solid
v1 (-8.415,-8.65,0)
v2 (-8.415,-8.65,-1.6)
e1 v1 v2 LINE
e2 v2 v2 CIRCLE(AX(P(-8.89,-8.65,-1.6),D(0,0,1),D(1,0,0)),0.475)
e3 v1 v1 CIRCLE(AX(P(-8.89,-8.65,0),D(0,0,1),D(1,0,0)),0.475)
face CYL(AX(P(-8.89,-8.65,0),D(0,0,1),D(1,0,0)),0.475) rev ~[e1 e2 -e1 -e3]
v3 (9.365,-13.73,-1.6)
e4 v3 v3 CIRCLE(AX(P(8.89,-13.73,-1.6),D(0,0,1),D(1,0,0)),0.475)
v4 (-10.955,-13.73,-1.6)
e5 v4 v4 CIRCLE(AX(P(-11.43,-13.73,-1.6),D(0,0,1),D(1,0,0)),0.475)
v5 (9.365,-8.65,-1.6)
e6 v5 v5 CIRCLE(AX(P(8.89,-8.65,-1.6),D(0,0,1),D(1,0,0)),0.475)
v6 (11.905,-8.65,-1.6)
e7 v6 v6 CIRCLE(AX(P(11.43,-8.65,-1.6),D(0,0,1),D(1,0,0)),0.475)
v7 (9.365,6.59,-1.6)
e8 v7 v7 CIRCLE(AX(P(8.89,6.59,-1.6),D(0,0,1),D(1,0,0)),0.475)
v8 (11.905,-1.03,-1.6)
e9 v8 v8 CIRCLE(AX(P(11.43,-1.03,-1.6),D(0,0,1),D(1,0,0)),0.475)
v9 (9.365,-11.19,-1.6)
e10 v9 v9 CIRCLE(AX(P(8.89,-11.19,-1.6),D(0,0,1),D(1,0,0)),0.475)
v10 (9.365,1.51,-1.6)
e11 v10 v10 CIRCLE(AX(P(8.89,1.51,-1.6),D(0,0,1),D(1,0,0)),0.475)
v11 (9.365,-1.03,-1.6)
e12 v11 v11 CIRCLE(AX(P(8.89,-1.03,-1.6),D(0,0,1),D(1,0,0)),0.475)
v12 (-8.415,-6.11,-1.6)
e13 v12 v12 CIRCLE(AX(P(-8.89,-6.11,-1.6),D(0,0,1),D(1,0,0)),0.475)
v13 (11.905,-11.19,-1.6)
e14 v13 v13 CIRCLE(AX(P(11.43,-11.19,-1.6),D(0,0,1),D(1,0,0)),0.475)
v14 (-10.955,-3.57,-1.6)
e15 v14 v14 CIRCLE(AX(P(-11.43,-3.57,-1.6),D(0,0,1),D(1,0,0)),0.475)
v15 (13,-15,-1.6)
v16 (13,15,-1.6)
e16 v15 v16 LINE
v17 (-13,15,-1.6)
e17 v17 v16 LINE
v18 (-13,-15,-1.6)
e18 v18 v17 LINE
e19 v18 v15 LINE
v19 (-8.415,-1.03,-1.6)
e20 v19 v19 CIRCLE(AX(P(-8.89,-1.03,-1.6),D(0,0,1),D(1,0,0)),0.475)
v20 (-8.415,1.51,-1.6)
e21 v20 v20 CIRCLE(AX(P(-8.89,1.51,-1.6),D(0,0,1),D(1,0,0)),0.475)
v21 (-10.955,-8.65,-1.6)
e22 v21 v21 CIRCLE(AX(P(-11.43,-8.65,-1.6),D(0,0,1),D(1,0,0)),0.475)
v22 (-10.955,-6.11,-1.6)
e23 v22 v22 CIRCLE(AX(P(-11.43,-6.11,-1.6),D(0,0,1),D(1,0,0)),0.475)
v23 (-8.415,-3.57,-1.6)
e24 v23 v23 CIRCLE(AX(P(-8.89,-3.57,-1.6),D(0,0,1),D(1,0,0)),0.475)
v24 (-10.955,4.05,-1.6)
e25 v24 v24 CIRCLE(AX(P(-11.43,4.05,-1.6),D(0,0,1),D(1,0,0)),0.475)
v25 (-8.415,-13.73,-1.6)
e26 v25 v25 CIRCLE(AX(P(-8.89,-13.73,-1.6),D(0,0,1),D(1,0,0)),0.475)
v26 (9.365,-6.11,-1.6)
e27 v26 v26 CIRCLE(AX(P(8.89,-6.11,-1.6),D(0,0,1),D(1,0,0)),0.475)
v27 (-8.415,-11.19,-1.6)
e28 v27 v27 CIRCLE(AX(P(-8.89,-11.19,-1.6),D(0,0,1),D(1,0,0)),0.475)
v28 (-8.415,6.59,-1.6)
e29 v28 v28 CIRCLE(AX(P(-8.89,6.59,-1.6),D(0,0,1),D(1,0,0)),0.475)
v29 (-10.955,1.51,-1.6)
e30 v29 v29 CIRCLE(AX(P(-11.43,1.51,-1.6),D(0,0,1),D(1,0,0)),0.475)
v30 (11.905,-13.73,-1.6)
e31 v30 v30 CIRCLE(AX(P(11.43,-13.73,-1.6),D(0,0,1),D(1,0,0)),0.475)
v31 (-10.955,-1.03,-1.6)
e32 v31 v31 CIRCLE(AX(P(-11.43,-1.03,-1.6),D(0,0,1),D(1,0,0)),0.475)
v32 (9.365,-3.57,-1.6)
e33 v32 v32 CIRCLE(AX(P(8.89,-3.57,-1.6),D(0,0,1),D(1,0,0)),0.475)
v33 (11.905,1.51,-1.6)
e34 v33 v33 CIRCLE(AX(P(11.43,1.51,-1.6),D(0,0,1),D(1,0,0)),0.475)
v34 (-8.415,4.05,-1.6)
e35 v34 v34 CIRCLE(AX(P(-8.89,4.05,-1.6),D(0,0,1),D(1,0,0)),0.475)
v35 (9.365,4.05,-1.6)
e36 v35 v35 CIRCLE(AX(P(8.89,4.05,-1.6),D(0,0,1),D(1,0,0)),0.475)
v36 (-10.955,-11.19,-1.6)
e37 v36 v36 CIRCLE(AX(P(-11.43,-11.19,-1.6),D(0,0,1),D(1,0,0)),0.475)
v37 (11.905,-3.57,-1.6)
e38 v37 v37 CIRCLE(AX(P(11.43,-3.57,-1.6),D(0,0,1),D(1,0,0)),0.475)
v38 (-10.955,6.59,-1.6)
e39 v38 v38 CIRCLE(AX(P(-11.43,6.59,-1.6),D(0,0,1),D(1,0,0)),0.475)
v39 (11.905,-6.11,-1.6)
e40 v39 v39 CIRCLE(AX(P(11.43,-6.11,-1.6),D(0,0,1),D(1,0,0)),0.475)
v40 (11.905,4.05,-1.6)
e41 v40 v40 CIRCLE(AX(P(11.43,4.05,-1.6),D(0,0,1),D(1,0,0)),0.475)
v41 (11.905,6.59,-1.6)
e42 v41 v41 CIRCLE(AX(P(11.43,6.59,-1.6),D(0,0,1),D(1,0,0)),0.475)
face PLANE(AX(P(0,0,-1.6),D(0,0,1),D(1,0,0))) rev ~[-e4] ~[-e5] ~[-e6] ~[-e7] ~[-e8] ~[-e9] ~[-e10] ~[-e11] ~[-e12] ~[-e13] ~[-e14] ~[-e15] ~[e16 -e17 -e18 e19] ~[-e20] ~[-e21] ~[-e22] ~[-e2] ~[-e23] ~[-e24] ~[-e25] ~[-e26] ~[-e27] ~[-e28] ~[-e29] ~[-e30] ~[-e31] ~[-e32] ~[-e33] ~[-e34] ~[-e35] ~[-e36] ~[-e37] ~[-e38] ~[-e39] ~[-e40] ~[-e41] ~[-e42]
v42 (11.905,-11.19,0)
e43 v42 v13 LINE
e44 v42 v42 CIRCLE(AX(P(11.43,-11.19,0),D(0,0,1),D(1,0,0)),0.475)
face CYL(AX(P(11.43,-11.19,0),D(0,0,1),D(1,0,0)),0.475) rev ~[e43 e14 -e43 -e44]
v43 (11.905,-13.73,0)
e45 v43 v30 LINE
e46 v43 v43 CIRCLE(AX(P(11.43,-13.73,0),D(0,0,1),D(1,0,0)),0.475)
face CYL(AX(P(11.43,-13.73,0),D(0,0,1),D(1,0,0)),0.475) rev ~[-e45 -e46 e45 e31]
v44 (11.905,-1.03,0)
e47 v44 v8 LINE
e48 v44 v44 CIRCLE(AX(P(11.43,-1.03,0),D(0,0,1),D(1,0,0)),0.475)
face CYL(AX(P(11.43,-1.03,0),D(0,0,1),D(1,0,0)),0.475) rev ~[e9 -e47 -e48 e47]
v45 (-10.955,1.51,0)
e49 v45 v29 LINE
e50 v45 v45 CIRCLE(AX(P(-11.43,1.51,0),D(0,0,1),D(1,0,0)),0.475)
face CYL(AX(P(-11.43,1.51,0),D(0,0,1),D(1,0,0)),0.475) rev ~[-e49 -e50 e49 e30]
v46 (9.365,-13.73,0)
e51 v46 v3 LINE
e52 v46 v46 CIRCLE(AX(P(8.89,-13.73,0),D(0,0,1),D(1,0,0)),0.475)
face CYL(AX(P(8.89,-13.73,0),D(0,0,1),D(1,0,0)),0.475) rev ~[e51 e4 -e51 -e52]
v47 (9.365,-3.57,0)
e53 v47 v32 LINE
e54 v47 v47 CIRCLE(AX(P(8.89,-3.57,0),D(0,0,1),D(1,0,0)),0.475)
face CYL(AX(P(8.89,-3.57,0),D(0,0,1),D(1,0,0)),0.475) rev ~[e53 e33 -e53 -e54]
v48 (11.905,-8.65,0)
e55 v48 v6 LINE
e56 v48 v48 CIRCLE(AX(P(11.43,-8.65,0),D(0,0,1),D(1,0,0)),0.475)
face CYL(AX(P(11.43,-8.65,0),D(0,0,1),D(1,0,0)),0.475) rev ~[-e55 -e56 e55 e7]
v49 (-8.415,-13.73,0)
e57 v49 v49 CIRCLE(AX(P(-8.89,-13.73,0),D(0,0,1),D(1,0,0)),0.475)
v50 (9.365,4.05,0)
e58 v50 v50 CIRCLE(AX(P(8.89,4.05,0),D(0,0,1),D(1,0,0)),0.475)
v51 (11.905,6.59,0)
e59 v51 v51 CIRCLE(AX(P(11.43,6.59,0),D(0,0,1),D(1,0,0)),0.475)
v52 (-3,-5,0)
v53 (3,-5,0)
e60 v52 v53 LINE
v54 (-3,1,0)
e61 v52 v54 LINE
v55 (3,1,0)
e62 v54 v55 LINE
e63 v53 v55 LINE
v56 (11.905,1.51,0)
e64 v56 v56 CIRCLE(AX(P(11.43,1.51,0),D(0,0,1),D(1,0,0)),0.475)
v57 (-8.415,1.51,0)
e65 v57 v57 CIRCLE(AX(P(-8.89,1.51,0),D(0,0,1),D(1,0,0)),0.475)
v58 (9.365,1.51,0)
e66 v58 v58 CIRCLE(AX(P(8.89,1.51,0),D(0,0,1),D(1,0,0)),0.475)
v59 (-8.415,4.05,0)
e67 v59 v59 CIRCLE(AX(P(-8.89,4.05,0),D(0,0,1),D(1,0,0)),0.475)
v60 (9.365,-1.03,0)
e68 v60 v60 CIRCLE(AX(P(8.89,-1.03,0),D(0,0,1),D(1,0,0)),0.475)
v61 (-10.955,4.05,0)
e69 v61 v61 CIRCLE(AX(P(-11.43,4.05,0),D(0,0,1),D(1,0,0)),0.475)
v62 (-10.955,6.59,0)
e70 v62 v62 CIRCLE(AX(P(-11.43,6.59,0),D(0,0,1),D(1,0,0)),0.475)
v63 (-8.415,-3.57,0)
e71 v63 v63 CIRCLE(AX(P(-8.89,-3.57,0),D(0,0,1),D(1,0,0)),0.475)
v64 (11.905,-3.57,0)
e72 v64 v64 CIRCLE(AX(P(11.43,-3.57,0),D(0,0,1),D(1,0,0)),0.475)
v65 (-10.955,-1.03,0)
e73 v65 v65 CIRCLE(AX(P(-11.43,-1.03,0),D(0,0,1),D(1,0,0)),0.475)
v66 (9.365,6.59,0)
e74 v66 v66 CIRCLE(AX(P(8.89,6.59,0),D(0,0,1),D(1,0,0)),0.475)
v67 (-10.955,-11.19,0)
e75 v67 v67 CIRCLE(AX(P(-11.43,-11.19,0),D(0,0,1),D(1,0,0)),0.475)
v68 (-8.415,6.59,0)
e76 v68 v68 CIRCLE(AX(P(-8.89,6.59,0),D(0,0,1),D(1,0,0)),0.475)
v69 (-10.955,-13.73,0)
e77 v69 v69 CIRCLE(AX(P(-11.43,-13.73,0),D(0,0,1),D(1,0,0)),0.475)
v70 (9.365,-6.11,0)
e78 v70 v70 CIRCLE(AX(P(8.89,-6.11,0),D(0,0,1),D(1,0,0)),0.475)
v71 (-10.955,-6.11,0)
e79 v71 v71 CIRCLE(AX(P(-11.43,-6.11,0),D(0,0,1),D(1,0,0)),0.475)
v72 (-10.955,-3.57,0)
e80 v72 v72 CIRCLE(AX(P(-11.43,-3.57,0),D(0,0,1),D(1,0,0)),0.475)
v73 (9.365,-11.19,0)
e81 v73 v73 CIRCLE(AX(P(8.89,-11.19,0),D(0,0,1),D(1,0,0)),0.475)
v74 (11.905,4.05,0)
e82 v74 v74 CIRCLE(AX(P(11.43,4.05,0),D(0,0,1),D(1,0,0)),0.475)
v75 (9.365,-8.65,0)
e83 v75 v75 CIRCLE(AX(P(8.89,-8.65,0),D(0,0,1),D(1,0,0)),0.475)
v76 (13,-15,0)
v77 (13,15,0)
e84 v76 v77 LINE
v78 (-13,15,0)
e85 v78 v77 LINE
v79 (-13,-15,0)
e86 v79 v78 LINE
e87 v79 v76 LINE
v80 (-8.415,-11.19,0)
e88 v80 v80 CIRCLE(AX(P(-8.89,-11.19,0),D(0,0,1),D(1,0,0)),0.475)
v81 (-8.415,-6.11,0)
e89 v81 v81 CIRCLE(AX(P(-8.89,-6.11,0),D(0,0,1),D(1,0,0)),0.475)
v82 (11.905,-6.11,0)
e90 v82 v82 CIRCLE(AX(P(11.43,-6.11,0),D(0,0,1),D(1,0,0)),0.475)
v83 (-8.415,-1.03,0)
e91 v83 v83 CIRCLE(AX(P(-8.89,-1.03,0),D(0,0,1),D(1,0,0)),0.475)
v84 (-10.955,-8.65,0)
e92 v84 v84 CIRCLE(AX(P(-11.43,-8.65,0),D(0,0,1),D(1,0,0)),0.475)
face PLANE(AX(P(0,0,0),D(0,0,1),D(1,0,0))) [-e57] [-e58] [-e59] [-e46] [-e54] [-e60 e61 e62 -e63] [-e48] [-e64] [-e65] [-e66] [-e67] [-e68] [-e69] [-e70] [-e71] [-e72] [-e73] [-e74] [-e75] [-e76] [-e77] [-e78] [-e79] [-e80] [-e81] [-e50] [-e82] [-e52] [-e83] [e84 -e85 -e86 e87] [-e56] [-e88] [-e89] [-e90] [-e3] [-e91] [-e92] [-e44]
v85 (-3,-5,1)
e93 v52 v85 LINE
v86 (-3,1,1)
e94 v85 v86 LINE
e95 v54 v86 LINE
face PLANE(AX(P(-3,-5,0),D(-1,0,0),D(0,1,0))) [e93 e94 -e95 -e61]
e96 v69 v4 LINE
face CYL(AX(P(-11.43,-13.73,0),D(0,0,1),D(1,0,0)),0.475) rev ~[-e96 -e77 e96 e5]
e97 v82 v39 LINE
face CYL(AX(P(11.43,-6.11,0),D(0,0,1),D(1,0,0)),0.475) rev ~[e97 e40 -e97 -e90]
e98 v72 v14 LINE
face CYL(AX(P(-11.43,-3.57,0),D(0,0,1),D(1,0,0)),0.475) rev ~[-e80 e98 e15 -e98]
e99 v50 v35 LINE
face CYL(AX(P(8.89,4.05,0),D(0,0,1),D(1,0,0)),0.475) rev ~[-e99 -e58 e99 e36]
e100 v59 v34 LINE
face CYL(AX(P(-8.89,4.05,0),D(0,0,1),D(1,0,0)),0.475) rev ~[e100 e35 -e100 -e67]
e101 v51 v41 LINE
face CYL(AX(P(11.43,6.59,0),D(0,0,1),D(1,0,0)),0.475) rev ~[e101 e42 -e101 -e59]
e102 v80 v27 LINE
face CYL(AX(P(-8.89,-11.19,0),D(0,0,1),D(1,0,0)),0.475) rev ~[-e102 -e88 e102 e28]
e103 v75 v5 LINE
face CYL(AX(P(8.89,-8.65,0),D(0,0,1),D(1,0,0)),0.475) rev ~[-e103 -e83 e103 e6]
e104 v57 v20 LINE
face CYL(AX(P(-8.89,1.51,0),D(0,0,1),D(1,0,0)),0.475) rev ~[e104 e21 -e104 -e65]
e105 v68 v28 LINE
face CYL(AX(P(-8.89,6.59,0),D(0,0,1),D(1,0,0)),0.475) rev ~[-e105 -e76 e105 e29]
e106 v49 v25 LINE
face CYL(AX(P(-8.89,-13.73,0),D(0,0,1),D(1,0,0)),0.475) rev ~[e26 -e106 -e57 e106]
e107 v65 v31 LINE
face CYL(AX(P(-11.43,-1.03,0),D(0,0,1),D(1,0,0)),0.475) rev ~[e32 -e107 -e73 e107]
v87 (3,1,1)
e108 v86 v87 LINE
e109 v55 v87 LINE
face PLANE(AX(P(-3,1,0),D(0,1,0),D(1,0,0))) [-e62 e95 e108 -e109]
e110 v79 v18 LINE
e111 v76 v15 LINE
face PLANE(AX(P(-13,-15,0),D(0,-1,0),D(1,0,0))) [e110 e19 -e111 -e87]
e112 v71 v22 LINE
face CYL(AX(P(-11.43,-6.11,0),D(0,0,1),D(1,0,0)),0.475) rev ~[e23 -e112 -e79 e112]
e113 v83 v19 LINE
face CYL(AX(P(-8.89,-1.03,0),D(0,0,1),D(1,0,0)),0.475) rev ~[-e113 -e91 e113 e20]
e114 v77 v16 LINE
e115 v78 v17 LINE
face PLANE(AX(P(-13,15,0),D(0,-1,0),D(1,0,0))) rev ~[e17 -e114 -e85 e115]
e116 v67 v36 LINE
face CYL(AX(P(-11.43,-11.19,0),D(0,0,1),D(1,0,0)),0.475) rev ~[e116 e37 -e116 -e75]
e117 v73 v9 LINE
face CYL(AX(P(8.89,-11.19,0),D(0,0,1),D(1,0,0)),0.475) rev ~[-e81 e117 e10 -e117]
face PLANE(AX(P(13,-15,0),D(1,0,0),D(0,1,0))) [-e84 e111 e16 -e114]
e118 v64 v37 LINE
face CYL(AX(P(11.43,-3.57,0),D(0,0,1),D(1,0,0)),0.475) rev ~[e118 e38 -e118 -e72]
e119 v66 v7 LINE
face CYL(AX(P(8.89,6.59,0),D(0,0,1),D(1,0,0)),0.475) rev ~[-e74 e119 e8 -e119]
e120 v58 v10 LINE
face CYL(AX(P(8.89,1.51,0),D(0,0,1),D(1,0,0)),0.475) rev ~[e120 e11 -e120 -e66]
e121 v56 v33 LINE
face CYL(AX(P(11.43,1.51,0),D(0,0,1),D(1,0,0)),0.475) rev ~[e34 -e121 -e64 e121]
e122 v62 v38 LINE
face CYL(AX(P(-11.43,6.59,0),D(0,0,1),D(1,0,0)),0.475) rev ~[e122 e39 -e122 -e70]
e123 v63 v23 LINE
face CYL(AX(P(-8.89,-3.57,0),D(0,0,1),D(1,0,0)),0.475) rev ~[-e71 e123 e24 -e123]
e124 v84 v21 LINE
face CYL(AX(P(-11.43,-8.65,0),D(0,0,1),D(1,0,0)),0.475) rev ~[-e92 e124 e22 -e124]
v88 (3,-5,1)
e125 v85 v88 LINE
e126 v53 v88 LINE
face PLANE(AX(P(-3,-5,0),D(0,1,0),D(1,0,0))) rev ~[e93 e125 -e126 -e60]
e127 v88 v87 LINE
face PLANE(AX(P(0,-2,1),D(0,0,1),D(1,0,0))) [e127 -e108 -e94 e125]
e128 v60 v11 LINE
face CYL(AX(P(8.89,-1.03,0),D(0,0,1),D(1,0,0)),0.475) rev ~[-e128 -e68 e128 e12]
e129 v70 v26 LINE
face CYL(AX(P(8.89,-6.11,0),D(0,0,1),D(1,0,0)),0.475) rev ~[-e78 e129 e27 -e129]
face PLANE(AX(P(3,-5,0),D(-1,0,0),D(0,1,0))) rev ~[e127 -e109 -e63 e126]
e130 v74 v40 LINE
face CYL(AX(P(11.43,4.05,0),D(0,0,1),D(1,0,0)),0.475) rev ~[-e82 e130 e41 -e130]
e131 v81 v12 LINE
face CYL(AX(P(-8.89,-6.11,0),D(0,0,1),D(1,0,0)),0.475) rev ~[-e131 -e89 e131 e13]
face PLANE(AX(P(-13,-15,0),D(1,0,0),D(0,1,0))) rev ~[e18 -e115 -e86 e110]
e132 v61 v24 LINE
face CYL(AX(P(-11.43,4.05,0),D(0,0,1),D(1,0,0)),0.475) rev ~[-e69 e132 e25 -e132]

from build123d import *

# Parameters (mm, degrees)
SKETCH_1_W             = 26
SKETCH_1_H             = 30
EXTRUDE_1_DEPTH        = 1.6
SKETCH_2_W             = 6
SKETCH_2_H             = 6
EXTRUDE_2_DEPTH        = 1
CUT_EXTRUDE_1_REACH    = 21.914
SKETCH_3_R             = 0.475
PATTERN_LINEAR_2_COUNT = 9
PATTERN_LINEAR_2_PITCH = 2.54


with BuildPart() as part:
    # 草图1 → 凸台-拉伸1 (new body)
    with BuildSketch(Plane.XY):
        Rectangle(SKETCH_1_W, SKETCH_1_H)
    extrude(amount=-EXTRUDE_1_DEPTH)

    # 草图2 → 凸台-拉伸2 (add)
    with BuildSketch(Plane.XY):
        with Locations((0, -2)):
            Rectangle(SKETCH_2_W, SKETCH_2_H)
    extrude(amount=EXTRUDE_2_DEPTH)

    # 草图3 → 切除-拉伸1 (cut, up to next)
    with BuildSketch(Plane.XY, mode=Mode.PRIVATE) as cut_extrude_1_sk1:
        with Locations((-11.43, -13.73)):
            Circle(SKETCH_3_R)
    cut_extrude_1_tool1 = extrude(cut_extrude_1_sk1.sketch, amount=-CUT_EXTRUDE_1_REACH, mode=Mode.PRIVATE) & part.part
    # 草图3 → 切除-拉伸1 (cut, up to next)
    with BuildSketch(Plane.XY, mode=Mode.PRIVATE) as cut_extrude_1_sk2:
        with Locations((11.43, -13.73)):
            Circle(SKETCH_3_R)
    cut_extrude_1_tool2 = extrude(cut_extrude_1_sk2.sketch, amount=-CUT_EXTRUDE_1_REACH, mode=Mode.PRIVATE) & part.part
    # 草图3 → 切除-拉伸1 (cut, up to next)
    with BuildSketch(Plane.XY, mode=Mode.PRIVATE) as cut_extrude_1_sk3:
        with Locations((-8.89, -13.73)):
            Circle(SKETCH_3_R)
    cut_extrude_1_tool3 = extrude(cut_extrude_1_sk3.sketch, amount=-CUT_EXTRUDE_1_REACH, mode=Mode.PRIVATE) & part.part
    # 草图3 → 切除-拉伸1 (cut, up to next)
    with BuildSketch(Plane.XY, mode=Mode.PRIVATE) as cut_extrude_1_sk4:
        with Locations((8.89, -13.73)):
            Circle(SKETCH_3_R)
    cut_extrude_1_tool4 = extrude(cut_extrude_1_sk4.sketch, amount=-CUT_EXTRUDE_1_REACH, mode=Mode.PRIVATE) & part.part
    cut_extrude_1_1 = cut_extrude_1_tool1.solids().sort_by_distance((-11.43, -13.73, 0))[0]
    add(cut_extrude_1_1, mode=Mode.SUBTRACT)
    cut_extrude_1_2 = cut_extrude_1_tool2.solids().sort_by_distance((11.43, -13.73, 0))[0]
    add(cut_extrude_1_2, mode=Mode.SUBTRACT)
    cut_extrude_1_3 = cut_extrude_1_tool3.solids().sort_by_distance((-8.89, -13.73, 0))[0]
    add(cut_extrude_1_3, mode=Mode.SUBTRACT)
    cut_extrude_1_4 = cut_extrude_1_tool4.solids().sort_by_distance((8.89, -13.73, 0))[0]
    add(cut_extrude_1_4, mode=Mode.SUBTRACT)
    cut_extrude_1 = cut_extrude_1_1 + cut_extrude_1_2 + cut_extrude_1_3 + cut_extrude_1_4  # 切除-拉伸1 as one shape, for the pattern or mirror that repeats it

    # 阵列(线性)2: 切除-拉伸1 ×9
    with Locations(*[(0, i * PATTERN_LINEAR_2_PITCH, 0) for i in range(1, PATTERN_LINEAR_2_COUNT)]):
        add(cut_extrude_1, mode=Mode.SUBTRACT)


solid = part.part
